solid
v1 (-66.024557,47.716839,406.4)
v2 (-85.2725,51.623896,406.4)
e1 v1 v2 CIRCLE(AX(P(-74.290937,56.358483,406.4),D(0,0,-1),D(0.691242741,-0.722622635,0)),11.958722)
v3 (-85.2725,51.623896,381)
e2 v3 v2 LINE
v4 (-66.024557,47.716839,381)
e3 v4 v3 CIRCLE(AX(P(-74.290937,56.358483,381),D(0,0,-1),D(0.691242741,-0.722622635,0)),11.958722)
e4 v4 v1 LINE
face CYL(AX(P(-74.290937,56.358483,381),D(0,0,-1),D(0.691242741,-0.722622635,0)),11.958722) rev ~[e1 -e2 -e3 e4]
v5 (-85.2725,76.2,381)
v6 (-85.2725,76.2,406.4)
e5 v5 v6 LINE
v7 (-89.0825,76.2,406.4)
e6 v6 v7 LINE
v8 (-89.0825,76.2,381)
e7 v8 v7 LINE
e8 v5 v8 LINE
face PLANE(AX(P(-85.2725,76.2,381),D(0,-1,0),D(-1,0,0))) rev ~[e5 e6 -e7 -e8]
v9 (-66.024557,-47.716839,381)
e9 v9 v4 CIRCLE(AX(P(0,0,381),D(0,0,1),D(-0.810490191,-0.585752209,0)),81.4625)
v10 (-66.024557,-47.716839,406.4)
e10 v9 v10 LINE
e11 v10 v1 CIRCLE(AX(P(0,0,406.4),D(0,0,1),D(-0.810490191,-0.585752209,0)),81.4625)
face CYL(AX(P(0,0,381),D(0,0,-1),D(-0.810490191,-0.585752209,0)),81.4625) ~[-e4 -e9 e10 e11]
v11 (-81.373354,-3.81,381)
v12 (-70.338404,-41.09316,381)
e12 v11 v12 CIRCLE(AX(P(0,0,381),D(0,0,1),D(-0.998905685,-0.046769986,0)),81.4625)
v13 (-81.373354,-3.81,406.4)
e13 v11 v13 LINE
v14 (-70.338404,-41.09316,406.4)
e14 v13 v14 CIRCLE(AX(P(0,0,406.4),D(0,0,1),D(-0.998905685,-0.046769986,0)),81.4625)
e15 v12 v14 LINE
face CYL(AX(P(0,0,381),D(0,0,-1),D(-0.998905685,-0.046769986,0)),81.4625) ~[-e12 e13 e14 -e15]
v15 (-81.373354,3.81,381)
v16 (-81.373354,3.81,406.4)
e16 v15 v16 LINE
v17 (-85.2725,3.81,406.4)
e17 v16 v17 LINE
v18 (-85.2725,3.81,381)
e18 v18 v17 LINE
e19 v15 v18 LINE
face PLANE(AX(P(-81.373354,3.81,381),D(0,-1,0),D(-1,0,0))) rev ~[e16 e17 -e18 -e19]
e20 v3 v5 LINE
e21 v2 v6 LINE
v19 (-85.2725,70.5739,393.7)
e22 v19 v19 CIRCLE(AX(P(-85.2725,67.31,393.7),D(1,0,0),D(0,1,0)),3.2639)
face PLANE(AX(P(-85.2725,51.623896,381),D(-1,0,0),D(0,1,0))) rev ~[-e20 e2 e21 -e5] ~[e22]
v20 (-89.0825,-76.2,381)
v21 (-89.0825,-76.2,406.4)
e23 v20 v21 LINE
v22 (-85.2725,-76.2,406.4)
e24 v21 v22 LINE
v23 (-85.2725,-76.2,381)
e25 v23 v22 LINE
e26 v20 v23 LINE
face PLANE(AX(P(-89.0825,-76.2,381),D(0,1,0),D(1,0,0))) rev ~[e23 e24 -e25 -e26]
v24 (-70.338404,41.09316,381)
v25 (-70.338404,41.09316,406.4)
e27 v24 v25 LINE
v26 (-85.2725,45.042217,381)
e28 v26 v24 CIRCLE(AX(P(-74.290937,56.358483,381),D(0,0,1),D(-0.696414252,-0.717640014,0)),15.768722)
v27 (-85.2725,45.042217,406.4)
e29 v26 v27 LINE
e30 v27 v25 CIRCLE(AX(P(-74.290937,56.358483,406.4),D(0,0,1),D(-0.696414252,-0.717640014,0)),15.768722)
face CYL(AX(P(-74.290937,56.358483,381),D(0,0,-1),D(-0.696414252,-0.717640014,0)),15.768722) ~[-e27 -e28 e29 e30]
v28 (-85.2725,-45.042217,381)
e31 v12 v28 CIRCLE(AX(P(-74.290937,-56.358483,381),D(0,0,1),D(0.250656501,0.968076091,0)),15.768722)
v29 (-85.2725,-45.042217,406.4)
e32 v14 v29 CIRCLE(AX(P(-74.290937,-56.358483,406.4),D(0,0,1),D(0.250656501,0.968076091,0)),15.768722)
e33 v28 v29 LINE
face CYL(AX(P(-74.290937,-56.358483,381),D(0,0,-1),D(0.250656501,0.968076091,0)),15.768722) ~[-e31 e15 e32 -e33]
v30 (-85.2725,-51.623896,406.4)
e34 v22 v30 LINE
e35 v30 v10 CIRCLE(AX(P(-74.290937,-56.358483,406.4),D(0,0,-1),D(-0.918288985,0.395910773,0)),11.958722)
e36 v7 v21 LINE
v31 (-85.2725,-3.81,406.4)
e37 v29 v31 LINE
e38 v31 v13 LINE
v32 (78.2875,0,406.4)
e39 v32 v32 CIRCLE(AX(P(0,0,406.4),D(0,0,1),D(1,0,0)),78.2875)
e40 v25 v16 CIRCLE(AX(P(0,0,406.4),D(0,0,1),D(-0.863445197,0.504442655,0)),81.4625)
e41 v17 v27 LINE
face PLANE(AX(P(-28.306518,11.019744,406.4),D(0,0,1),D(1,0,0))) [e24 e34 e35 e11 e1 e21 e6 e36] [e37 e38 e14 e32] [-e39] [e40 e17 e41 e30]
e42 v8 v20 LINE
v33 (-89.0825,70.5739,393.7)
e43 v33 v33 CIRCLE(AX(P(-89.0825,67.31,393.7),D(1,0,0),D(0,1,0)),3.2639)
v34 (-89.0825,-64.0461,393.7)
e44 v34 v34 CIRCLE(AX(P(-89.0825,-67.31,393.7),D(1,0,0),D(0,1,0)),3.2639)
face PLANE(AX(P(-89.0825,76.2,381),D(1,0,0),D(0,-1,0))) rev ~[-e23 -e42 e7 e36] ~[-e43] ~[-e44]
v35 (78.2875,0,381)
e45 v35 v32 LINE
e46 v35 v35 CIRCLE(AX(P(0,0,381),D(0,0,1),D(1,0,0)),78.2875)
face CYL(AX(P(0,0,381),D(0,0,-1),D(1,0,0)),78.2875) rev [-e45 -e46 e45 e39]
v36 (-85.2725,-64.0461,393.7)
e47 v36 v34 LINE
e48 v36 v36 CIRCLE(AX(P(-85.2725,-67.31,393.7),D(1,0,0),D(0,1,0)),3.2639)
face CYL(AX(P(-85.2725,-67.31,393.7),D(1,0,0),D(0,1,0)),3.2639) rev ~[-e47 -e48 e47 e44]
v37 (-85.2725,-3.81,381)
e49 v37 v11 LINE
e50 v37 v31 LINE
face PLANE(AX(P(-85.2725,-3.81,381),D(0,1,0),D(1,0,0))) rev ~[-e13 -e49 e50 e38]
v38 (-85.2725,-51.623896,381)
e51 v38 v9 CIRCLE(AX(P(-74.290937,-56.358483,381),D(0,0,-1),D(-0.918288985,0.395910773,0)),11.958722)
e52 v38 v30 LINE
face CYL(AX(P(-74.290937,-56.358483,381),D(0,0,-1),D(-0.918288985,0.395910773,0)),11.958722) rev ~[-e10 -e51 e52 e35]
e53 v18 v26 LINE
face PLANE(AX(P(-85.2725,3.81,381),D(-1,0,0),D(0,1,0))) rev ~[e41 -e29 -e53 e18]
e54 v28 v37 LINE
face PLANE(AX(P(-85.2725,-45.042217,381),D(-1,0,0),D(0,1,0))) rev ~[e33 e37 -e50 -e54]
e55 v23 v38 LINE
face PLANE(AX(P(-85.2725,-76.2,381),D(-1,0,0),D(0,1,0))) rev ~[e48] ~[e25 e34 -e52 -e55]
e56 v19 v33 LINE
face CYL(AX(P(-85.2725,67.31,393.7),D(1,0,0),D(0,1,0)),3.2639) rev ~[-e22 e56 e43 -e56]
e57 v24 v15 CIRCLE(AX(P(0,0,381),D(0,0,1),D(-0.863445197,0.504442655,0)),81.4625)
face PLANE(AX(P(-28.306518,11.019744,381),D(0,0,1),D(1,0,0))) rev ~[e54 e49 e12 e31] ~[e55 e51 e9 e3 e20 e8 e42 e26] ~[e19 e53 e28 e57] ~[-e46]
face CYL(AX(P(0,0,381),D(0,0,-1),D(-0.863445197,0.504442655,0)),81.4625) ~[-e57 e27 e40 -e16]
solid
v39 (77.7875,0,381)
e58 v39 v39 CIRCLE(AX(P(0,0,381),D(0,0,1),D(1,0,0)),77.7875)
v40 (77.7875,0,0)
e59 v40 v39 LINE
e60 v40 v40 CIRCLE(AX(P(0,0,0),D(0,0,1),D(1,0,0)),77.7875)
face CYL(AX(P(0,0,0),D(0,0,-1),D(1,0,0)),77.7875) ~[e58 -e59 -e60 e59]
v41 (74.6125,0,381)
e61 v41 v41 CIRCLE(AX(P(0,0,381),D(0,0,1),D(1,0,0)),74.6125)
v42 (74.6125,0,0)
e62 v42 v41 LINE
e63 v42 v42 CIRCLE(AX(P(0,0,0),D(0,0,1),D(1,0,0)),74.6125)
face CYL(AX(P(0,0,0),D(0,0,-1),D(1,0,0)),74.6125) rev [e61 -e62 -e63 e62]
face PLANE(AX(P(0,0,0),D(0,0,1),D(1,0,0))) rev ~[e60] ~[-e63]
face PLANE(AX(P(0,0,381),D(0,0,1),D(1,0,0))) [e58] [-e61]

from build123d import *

# Parameters (mm, degrees)
F0_R     = 77.7875
F0_R_2   = 74.6125
F1_DEPTH = 381
F2_R     = 78.2875
F3_DEPTH = 25.4
F5_D     = 6.5278
F5_DEPTH = 12.7
F5_TIP   = 1.9611489744


with BuildPart() as f1:
    # F0 (on Top) → F1 (new body)
    with BuildSketch(Plane.XY):
        Circle(F0_R)
        Circle(F0_R_2, mode=Mode.SUBTRACT)
    extrude(amount=F1_DEPTH)


with BuildPart() as f3:
    # F2 (on face) → F3 (new body)
    with BuildSketch(Plane.XY.offset(381)):
        with BuildLine():
            ThreePointArc((-85.2725, 45.0422166882), (-78.3221377829, 41.1137452149), (-70.338404364, 41.0931597444))
            ThreePointArc((-70.338404364, 41.0931597444), (-78.1128858571, 23.1196014094), (-81.3733543996, 3.81))
            ThreePointArc((-81.3733543996, 3.81), (-81.4402105505, 1.9055213813), (-81.4625, 0))
            ThreePointArc((-81.4625, 0), (-81.4402105505, -1.9055213813), (-81.3733543996, -3.81))
            ThreePointArc((-81.3733543996, -3.81), (-78.1128858571, -23.1196014094), (-70.338404364, -41.0931597444))
            ThreePointArc((-70.338404364, -41.0931597444), (-68.2618678448, -44.4573537741), (-66.0245571578, -47.7168393585))
            ThreePointArc((-66.0245571578, -47.7168393585), (81.4625, 0), (-66.0245571578, 47.7168393585))
            ThreePointArc((-66.0245571578, 47.7168393585), (-76.6698711174, 44.6387681268), (-85.2725, 51.6238957644))
            Line((-85.2725, 51.6238957644), (-85.2725, 76.2))
            Line((-85.2725, 76.2), (-89.0825, 76.2))
            Line((-89.0825, 76.2), (-89.0825, 0))
            Line((-89.0825, 0), (-85.2725, 0))
            Line((-85.2725, 0), (-85.2725, 3.81))
            Line((-85.2725, 3.81), (-85.2725, 45.0422166882))
        make_face()
        Circle(F2_R, mode=Mode.SUBTRACT)
        with BuildLine():
            Line((-85.2725, -3.81), (-85.2725, 0))
            Line((-85.2725, 0), (-89.0825, 0))
            Line((-89.0825, 0), (-89.0825, -76.2))
            Line((-89.0825, -76.2), (-85.2725, -76.2))
            Line((-85.2725, -76.2), (-85.2725, -51.6238957644))
            ThreePointArc((-85.2725, -51.6238957644), (-76.6698711174, -44.6387681268), (-66.0245571578, -47.7168393585))
            ThreePointArc((-66.0245571578, -47.7168393585), (-68.2618678448, -44.4573537741), (-70.338404364, -41.0931597444))
            ThreePointArc((-70.338404364, -41.0931597444), (-78.3221377829, -41.1137452149), (-85.2725, -45.0422166882))
            Line((-85.2725, -45.0422166882), (-85.2725, -3.81))
        make_face()
        with BuildLine():
            ThreePointArc((-81.4625, 0), (-81.4402105505, 1.9055213813), (-81.3733543996, 3.81))
            Line((-81.3733543996, 3.81), (-85.2725, 3.81))
            Line((-85.2725, 3.81), (-85.2725, 0))
            Line((-85.2725, 0), (-81.4625, 0))
        make_face()
        with BuildLine():
            ThreePointArc((-81.3733543996, -3.81), (-81.4402105505, -1.9055213813), (-81.4625, 0))
            Line((-81.4625, 0), (-85.2725, 0))
            Line((-85.2725, 0), (-85.2725, -3.81))
            Line((-85.2725, -3.81), (-81.3733543996, -3.81))
        make_face()
    extrude(amount=F3_DEPTH)

    # F5 (one way)
    with BuildSketch(Plane.YZ.offset(-85.2725)):
        with Locations((67.31, 393.7), (-67.31, 393.7)):
            Circle(F5_D / 2)
    extrude(amount=-F5_DEPTH, mode=Mode.SUBTRACT)
    with Locations(Plane.YZ.offset(-85.2725)):
        with Locations((67.31, 393.7), (-67.31, 393.7)):
            with Locations((0, 0, -(F5_DEPTH + F5_TIP / 2))):  # 118° drill point
                Cone(0, F5_D / 2, F5_TIP, mode=Mode.SUBTRACT)


solid = Compound([f1.part, f3.part])
